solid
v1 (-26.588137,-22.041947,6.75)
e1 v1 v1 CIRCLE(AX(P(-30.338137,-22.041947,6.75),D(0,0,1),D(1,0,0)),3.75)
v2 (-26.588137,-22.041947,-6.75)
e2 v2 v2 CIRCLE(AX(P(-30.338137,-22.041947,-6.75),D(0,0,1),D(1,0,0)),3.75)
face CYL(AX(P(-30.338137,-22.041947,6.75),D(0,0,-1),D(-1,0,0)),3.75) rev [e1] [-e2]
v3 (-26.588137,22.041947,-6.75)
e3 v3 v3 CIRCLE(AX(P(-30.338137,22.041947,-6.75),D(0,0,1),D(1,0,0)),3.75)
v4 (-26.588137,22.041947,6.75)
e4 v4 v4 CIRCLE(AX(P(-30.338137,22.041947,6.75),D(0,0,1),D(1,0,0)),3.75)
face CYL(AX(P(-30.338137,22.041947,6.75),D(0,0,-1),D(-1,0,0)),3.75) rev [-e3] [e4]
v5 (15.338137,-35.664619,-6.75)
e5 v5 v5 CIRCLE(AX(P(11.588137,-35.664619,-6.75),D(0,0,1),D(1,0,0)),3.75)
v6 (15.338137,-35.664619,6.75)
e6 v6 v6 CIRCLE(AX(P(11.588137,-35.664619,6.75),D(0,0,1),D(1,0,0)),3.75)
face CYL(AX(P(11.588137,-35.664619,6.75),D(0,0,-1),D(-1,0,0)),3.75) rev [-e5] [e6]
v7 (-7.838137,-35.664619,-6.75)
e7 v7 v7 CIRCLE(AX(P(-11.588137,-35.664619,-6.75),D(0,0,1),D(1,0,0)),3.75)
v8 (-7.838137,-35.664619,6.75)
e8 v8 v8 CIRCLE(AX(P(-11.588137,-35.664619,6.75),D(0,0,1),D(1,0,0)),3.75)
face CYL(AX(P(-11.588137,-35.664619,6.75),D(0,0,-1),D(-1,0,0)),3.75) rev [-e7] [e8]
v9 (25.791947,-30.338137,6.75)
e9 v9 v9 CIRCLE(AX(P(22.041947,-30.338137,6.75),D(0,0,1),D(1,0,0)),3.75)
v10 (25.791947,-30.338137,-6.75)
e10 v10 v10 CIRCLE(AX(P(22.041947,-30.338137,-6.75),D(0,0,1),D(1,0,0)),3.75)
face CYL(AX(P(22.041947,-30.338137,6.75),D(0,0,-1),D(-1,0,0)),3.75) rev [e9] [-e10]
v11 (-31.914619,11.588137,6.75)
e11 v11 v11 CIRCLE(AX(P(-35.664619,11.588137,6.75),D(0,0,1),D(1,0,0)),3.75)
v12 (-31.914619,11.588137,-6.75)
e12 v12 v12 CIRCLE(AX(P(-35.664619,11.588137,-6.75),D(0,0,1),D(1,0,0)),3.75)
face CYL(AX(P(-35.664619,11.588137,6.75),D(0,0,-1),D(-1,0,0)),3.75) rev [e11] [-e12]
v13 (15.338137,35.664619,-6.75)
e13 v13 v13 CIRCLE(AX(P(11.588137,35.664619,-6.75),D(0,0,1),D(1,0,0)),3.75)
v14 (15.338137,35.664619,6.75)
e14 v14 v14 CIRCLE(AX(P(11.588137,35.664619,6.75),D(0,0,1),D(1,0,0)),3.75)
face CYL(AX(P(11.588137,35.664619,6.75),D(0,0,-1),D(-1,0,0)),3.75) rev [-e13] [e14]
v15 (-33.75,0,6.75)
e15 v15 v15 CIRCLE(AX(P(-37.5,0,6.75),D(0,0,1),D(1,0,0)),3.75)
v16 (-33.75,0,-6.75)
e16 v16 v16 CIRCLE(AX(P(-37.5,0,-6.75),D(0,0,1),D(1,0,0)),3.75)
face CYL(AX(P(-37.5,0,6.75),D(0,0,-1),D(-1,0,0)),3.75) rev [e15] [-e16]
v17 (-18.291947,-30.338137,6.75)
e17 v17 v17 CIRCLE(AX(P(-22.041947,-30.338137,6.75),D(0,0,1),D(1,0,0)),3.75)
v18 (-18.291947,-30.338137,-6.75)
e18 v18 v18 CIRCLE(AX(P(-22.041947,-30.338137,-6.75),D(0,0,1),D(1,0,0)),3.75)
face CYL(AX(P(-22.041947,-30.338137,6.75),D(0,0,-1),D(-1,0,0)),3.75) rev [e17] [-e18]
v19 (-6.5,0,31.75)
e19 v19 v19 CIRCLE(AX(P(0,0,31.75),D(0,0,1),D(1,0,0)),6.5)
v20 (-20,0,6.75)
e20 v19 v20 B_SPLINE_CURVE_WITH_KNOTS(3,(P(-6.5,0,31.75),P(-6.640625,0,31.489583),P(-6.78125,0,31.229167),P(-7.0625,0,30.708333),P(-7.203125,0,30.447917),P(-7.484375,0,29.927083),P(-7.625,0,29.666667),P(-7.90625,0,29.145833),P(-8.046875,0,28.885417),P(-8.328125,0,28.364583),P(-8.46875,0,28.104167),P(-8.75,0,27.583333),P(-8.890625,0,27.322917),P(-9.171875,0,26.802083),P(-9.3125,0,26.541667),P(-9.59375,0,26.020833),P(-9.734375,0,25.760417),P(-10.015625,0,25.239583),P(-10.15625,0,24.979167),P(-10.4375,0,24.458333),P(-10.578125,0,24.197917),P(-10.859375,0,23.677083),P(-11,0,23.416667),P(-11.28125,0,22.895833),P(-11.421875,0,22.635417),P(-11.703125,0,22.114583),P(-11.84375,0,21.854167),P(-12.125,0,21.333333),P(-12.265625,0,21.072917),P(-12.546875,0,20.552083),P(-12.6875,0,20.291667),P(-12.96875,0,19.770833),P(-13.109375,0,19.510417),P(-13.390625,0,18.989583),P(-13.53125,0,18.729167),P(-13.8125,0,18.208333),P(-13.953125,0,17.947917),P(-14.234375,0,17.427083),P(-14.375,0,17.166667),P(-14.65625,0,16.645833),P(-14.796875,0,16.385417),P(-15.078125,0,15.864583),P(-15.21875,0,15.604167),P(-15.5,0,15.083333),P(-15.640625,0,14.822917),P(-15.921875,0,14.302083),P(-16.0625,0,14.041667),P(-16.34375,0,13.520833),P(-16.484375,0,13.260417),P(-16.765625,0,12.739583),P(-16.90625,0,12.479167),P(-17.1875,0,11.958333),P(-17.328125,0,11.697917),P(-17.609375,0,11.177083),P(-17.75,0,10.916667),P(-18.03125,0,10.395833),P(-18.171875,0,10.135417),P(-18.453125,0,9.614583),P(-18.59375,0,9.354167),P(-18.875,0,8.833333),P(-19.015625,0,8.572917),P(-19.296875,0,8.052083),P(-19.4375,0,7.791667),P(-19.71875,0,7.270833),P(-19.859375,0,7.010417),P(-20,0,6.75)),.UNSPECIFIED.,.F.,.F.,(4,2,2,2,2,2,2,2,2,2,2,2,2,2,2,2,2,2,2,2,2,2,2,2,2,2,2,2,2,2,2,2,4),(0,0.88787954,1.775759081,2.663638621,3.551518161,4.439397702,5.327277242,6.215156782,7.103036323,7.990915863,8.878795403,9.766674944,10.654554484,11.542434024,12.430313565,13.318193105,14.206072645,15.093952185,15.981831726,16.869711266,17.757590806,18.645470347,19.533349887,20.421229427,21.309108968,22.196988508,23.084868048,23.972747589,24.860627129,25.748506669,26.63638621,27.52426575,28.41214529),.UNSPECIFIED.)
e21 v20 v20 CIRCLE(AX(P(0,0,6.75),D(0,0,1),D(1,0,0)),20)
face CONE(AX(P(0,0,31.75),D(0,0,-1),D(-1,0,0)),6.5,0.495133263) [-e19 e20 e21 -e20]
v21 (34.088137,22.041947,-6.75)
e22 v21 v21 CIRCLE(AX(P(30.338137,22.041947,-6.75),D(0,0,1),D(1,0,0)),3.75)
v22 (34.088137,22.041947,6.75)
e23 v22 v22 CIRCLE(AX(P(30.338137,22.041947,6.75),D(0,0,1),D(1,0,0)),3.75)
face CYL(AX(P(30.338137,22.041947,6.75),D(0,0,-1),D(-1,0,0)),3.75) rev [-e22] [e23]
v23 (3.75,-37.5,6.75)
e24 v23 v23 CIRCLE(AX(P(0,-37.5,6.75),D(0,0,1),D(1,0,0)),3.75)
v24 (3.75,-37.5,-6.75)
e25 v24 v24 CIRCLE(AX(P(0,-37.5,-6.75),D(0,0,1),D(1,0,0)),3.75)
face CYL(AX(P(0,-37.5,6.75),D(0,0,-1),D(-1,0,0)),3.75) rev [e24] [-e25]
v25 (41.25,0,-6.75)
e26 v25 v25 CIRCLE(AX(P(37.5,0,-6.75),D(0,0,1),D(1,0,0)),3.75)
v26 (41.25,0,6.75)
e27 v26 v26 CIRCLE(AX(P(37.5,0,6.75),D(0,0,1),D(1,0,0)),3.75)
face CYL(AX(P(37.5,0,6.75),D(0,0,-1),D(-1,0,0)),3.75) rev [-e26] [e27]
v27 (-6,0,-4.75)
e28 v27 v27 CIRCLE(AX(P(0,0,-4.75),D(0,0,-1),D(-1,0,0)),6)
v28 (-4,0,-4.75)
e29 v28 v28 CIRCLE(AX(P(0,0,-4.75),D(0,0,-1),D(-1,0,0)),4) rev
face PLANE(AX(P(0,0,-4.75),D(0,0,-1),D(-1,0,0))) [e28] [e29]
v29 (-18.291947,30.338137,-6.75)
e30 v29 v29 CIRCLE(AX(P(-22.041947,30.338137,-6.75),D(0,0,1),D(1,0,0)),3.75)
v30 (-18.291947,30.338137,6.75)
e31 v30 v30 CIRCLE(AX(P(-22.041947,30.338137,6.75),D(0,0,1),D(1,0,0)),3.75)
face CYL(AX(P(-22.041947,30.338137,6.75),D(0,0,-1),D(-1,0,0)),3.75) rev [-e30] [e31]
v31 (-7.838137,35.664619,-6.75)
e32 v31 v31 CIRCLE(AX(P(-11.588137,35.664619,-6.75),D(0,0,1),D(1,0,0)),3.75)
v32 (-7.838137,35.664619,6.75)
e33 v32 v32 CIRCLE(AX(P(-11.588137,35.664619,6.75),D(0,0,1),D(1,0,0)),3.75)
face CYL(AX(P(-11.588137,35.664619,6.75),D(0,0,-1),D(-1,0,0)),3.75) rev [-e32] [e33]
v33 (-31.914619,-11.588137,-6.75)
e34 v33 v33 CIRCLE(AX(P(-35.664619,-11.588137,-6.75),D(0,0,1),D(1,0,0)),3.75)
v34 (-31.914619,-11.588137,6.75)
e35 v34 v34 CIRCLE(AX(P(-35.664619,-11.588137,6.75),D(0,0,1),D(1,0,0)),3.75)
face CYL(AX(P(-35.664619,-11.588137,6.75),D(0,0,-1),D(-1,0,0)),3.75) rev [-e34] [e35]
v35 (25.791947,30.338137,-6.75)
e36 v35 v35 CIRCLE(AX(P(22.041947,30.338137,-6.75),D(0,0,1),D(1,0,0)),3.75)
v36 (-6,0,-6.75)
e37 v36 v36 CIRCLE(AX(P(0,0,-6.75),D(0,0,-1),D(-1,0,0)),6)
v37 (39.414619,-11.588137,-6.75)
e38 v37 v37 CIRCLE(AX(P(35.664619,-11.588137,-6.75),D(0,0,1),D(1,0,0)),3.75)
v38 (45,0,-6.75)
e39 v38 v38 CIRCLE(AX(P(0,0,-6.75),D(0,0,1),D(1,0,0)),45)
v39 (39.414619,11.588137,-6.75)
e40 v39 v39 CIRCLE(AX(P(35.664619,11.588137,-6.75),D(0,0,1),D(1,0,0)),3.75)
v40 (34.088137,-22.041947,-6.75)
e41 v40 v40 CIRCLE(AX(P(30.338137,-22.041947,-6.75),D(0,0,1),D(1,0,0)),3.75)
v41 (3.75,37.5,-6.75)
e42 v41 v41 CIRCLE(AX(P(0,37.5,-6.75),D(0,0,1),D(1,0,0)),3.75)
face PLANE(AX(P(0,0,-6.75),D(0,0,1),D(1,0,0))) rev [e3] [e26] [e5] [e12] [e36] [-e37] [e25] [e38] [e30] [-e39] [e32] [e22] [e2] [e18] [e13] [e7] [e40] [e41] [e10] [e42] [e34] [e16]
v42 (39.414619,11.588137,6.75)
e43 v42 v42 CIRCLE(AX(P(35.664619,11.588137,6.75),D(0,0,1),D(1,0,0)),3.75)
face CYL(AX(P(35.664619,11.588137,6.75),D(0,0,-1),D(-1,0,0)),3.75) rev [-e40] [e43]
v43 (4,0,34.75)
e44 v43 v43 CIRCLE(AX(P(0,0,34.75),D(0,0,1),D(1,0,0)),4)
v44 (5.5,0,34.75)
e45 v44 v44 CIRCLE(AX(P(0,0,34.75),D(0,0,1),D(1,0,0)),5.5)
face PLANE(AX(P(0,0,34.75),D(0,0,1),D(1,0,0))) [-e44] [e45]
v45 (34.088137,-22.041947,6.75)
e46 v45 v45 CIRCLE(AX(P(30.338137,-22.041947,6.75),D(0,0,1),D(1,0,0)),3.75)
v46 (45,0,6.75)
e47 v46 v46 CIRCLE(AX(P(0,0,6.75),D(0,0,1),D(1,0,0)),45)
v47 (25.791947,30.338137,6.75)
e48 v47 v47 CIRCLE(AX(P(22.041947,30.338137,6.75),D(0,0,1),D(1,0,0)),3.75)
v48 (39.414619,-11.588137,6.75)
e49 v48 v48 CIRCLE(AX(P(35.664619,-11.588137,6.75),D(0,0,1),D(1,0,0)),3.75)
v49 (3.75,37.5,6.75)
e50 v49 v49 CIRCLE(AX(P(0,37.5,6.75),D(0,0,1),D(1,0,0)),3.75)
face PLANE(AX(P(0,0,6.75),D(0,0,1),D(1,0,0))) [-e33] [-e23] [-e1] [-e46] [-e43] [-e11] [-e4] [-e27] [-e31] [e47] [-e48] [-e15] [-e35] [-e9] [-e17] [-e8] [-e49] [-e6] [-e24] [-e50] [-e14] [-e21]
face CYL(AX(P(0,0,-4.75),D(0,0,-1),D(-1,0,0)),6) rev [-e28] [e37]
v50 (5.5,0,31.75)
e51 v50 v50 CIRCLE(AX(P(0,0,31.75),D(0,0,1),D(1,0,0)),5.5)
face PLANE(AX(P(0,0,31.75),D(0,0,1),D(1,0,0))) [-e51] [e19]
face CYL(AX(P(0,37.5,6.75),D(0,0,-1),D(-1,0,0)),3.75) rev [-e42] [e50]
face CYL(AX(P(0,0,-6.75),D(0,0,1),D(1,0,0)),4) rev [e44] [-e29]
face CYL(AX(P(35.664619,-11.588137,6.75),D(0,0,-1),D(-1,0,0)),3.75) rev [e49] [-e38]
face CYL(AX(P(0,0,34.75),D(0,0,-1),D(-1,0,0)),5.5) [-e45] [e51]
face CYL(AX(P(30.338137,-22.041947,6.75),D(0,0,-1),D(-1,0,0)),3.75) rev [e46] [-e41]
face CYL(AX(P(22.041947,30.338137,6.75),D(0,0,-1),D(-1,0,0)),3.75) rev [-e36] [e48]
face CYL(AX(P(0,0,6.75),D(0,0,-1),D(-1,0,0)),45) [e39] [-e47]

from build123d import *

# Parameters (mm, degrees)
SKETCH1_R           = 45
SKETCH1_R_2         = 3.75
BOSS_EXTRUDE1_DEPTH = 6.75
SKETCH3_R           = 6.5
SKETCH2_R           = 20
SKETCH5_R           = 5.5
BOSS_EXTRUDE2_DEPTH = 3
SKETCH6_R           = 4
CUT_EXTRUDE2_DEPTH  = 76.975324942
SKETCH8_R           = 6
CUT_EXTRUDE3_DEPTH  = 2


with BuildPart() as part:
    # Sketch1 → Boss-Extrude1 (new, symmetric)
    with BuildSketch(Plane.XY):
        Circle(SKETCH1_R)
        with Locations((0, 37.5)):
            Circle(SKETCH1_R_2, mode=Mode.SUBTRACT)
        with Locations((11.588137289, 35.664619361)):
            Circle(SKETCH1_R_2, mode=Mode.SUBTRACT)
        with Locations((22.041946961, 30.338137289)):
            Circle(SKETCH1_R_2, mode=Mode.SUBTRACT)
        with Locations((30.338137289, 22.041946961)):
            Circle(SKETCH1_R_2, mode=Mode.SUBTRACT)
        with Locations((35.664619361, 11.588137289)):
            Circle(SKETCH1_R_2, mode=Mode.SUBTRACT)
        with Locations((37.5, 0)):
            Circle(SKETCH1_R_2, mode=Mode.SUBTRACT)
        with Locations((35.664619361, -11.588137289)):
            Circle(SKETCH1_R_2, mode=Mode.SUBTRACT)
        with Locations((30.338137289, -22.041946961)):
            Circle(SKETCH1_R_2, mode=Mode.SUBTRACT)
        with Locations((22.041946961, -30.338137289)):
            Circle(SKETCH1_R_2, mode=Mode.SUBTRACT)
        with Locations((11.588137289, -35.664619361)):
            Circle(SKETCH1_R_2, mode=Mode.SUBTRACT)
        with Locations((0, -37.5)):
            Circle(SKETCH1_R_2, mode=Mode.SUBTRACT)
        with Locations((-11.588137289, -35.664619361)):
            Circle(SKETCH1_R_2, mode=Mode.SUBTRACT)
        with Locations((-22.041946961, -30.338137289)):
            Circle(SKETCH1_R_2, mode=Mode.SUBTRACT)
        with Locations((-30.338137289, -22.041946961)):
            Circle(SKETCH1_R_2, mode=Mode.SUBTRACT)
        with Locations((-35.664619361, -11.588137289)):
            Circle(SKETCH1_R_2, mode=Mode.SUBTRACT)
        with Locations((-37.5, 0)):
            Circle(SKETCH1_R_2, mode=Mode.SUBTRACT)
        with Locations((-35.664619361, 11.588137289)):
            Circle(SKETCH1_R_2, mode=Mode.SUBTRACT)
        with Locations((-30.338137289, 22.041946961)):
            Circle(SKETCH1_R_2, mode=Mode.SUBTRACT)
        with Locations((-22.041946961, 30.338137289)):
            Circle(SKETCH1_R_2, mode=Mode.SUBTRACT)
        with Locations((-11.588137289, 35.664619361)):
            Circle(SKETCH1_R_2, mode=Mode.SUBTRACT)
    extrude(amount=BOSS_EXTRUDE1_DEPTH, both=True)

    # Sketch3 → Loft1 section 0
    with BuildSketch(Plane.XY.offset(31.75)):
        Circle(SKETCH3_R)
    # Sketch2 → Loft1 section 1
    with BuildSketch(Plane.XY.offset(6.75)):
        Circle(SKETCH2_R)
    loft()

    # Sketch5 → Boss-Extrude2 (add)
    with BuildSketch(Plane.XY.offset(31.75)):
        Circle(SKETCH5_R)
    extrude(amount=BOSS_EXTRUDE2_DEPTH)

    # Sketch6 → Cut-Extrude2 (cut, through all)
    with BuildSketch(Plane.XY.offset(34.75)):
        Circle(SKETCH6_R)
    extrude(amount=-CUT_EXTRUDE2_DEPTH, mode=Mode.SUBTRACT)

    # Sketch8 → Cut-Extrude3 (cut)
    with BuildSketch(Plane(origin=(0, 0, -6.75), x_dir=(-1, 0, 0), z_dir=(0, 0, -1))):
        Circle(SKETCH8_R)
    extrude(amount=-CUT_EXTRUDE3_DEPTH, mode=Mode.SUBTRACT)


solid = part.part
